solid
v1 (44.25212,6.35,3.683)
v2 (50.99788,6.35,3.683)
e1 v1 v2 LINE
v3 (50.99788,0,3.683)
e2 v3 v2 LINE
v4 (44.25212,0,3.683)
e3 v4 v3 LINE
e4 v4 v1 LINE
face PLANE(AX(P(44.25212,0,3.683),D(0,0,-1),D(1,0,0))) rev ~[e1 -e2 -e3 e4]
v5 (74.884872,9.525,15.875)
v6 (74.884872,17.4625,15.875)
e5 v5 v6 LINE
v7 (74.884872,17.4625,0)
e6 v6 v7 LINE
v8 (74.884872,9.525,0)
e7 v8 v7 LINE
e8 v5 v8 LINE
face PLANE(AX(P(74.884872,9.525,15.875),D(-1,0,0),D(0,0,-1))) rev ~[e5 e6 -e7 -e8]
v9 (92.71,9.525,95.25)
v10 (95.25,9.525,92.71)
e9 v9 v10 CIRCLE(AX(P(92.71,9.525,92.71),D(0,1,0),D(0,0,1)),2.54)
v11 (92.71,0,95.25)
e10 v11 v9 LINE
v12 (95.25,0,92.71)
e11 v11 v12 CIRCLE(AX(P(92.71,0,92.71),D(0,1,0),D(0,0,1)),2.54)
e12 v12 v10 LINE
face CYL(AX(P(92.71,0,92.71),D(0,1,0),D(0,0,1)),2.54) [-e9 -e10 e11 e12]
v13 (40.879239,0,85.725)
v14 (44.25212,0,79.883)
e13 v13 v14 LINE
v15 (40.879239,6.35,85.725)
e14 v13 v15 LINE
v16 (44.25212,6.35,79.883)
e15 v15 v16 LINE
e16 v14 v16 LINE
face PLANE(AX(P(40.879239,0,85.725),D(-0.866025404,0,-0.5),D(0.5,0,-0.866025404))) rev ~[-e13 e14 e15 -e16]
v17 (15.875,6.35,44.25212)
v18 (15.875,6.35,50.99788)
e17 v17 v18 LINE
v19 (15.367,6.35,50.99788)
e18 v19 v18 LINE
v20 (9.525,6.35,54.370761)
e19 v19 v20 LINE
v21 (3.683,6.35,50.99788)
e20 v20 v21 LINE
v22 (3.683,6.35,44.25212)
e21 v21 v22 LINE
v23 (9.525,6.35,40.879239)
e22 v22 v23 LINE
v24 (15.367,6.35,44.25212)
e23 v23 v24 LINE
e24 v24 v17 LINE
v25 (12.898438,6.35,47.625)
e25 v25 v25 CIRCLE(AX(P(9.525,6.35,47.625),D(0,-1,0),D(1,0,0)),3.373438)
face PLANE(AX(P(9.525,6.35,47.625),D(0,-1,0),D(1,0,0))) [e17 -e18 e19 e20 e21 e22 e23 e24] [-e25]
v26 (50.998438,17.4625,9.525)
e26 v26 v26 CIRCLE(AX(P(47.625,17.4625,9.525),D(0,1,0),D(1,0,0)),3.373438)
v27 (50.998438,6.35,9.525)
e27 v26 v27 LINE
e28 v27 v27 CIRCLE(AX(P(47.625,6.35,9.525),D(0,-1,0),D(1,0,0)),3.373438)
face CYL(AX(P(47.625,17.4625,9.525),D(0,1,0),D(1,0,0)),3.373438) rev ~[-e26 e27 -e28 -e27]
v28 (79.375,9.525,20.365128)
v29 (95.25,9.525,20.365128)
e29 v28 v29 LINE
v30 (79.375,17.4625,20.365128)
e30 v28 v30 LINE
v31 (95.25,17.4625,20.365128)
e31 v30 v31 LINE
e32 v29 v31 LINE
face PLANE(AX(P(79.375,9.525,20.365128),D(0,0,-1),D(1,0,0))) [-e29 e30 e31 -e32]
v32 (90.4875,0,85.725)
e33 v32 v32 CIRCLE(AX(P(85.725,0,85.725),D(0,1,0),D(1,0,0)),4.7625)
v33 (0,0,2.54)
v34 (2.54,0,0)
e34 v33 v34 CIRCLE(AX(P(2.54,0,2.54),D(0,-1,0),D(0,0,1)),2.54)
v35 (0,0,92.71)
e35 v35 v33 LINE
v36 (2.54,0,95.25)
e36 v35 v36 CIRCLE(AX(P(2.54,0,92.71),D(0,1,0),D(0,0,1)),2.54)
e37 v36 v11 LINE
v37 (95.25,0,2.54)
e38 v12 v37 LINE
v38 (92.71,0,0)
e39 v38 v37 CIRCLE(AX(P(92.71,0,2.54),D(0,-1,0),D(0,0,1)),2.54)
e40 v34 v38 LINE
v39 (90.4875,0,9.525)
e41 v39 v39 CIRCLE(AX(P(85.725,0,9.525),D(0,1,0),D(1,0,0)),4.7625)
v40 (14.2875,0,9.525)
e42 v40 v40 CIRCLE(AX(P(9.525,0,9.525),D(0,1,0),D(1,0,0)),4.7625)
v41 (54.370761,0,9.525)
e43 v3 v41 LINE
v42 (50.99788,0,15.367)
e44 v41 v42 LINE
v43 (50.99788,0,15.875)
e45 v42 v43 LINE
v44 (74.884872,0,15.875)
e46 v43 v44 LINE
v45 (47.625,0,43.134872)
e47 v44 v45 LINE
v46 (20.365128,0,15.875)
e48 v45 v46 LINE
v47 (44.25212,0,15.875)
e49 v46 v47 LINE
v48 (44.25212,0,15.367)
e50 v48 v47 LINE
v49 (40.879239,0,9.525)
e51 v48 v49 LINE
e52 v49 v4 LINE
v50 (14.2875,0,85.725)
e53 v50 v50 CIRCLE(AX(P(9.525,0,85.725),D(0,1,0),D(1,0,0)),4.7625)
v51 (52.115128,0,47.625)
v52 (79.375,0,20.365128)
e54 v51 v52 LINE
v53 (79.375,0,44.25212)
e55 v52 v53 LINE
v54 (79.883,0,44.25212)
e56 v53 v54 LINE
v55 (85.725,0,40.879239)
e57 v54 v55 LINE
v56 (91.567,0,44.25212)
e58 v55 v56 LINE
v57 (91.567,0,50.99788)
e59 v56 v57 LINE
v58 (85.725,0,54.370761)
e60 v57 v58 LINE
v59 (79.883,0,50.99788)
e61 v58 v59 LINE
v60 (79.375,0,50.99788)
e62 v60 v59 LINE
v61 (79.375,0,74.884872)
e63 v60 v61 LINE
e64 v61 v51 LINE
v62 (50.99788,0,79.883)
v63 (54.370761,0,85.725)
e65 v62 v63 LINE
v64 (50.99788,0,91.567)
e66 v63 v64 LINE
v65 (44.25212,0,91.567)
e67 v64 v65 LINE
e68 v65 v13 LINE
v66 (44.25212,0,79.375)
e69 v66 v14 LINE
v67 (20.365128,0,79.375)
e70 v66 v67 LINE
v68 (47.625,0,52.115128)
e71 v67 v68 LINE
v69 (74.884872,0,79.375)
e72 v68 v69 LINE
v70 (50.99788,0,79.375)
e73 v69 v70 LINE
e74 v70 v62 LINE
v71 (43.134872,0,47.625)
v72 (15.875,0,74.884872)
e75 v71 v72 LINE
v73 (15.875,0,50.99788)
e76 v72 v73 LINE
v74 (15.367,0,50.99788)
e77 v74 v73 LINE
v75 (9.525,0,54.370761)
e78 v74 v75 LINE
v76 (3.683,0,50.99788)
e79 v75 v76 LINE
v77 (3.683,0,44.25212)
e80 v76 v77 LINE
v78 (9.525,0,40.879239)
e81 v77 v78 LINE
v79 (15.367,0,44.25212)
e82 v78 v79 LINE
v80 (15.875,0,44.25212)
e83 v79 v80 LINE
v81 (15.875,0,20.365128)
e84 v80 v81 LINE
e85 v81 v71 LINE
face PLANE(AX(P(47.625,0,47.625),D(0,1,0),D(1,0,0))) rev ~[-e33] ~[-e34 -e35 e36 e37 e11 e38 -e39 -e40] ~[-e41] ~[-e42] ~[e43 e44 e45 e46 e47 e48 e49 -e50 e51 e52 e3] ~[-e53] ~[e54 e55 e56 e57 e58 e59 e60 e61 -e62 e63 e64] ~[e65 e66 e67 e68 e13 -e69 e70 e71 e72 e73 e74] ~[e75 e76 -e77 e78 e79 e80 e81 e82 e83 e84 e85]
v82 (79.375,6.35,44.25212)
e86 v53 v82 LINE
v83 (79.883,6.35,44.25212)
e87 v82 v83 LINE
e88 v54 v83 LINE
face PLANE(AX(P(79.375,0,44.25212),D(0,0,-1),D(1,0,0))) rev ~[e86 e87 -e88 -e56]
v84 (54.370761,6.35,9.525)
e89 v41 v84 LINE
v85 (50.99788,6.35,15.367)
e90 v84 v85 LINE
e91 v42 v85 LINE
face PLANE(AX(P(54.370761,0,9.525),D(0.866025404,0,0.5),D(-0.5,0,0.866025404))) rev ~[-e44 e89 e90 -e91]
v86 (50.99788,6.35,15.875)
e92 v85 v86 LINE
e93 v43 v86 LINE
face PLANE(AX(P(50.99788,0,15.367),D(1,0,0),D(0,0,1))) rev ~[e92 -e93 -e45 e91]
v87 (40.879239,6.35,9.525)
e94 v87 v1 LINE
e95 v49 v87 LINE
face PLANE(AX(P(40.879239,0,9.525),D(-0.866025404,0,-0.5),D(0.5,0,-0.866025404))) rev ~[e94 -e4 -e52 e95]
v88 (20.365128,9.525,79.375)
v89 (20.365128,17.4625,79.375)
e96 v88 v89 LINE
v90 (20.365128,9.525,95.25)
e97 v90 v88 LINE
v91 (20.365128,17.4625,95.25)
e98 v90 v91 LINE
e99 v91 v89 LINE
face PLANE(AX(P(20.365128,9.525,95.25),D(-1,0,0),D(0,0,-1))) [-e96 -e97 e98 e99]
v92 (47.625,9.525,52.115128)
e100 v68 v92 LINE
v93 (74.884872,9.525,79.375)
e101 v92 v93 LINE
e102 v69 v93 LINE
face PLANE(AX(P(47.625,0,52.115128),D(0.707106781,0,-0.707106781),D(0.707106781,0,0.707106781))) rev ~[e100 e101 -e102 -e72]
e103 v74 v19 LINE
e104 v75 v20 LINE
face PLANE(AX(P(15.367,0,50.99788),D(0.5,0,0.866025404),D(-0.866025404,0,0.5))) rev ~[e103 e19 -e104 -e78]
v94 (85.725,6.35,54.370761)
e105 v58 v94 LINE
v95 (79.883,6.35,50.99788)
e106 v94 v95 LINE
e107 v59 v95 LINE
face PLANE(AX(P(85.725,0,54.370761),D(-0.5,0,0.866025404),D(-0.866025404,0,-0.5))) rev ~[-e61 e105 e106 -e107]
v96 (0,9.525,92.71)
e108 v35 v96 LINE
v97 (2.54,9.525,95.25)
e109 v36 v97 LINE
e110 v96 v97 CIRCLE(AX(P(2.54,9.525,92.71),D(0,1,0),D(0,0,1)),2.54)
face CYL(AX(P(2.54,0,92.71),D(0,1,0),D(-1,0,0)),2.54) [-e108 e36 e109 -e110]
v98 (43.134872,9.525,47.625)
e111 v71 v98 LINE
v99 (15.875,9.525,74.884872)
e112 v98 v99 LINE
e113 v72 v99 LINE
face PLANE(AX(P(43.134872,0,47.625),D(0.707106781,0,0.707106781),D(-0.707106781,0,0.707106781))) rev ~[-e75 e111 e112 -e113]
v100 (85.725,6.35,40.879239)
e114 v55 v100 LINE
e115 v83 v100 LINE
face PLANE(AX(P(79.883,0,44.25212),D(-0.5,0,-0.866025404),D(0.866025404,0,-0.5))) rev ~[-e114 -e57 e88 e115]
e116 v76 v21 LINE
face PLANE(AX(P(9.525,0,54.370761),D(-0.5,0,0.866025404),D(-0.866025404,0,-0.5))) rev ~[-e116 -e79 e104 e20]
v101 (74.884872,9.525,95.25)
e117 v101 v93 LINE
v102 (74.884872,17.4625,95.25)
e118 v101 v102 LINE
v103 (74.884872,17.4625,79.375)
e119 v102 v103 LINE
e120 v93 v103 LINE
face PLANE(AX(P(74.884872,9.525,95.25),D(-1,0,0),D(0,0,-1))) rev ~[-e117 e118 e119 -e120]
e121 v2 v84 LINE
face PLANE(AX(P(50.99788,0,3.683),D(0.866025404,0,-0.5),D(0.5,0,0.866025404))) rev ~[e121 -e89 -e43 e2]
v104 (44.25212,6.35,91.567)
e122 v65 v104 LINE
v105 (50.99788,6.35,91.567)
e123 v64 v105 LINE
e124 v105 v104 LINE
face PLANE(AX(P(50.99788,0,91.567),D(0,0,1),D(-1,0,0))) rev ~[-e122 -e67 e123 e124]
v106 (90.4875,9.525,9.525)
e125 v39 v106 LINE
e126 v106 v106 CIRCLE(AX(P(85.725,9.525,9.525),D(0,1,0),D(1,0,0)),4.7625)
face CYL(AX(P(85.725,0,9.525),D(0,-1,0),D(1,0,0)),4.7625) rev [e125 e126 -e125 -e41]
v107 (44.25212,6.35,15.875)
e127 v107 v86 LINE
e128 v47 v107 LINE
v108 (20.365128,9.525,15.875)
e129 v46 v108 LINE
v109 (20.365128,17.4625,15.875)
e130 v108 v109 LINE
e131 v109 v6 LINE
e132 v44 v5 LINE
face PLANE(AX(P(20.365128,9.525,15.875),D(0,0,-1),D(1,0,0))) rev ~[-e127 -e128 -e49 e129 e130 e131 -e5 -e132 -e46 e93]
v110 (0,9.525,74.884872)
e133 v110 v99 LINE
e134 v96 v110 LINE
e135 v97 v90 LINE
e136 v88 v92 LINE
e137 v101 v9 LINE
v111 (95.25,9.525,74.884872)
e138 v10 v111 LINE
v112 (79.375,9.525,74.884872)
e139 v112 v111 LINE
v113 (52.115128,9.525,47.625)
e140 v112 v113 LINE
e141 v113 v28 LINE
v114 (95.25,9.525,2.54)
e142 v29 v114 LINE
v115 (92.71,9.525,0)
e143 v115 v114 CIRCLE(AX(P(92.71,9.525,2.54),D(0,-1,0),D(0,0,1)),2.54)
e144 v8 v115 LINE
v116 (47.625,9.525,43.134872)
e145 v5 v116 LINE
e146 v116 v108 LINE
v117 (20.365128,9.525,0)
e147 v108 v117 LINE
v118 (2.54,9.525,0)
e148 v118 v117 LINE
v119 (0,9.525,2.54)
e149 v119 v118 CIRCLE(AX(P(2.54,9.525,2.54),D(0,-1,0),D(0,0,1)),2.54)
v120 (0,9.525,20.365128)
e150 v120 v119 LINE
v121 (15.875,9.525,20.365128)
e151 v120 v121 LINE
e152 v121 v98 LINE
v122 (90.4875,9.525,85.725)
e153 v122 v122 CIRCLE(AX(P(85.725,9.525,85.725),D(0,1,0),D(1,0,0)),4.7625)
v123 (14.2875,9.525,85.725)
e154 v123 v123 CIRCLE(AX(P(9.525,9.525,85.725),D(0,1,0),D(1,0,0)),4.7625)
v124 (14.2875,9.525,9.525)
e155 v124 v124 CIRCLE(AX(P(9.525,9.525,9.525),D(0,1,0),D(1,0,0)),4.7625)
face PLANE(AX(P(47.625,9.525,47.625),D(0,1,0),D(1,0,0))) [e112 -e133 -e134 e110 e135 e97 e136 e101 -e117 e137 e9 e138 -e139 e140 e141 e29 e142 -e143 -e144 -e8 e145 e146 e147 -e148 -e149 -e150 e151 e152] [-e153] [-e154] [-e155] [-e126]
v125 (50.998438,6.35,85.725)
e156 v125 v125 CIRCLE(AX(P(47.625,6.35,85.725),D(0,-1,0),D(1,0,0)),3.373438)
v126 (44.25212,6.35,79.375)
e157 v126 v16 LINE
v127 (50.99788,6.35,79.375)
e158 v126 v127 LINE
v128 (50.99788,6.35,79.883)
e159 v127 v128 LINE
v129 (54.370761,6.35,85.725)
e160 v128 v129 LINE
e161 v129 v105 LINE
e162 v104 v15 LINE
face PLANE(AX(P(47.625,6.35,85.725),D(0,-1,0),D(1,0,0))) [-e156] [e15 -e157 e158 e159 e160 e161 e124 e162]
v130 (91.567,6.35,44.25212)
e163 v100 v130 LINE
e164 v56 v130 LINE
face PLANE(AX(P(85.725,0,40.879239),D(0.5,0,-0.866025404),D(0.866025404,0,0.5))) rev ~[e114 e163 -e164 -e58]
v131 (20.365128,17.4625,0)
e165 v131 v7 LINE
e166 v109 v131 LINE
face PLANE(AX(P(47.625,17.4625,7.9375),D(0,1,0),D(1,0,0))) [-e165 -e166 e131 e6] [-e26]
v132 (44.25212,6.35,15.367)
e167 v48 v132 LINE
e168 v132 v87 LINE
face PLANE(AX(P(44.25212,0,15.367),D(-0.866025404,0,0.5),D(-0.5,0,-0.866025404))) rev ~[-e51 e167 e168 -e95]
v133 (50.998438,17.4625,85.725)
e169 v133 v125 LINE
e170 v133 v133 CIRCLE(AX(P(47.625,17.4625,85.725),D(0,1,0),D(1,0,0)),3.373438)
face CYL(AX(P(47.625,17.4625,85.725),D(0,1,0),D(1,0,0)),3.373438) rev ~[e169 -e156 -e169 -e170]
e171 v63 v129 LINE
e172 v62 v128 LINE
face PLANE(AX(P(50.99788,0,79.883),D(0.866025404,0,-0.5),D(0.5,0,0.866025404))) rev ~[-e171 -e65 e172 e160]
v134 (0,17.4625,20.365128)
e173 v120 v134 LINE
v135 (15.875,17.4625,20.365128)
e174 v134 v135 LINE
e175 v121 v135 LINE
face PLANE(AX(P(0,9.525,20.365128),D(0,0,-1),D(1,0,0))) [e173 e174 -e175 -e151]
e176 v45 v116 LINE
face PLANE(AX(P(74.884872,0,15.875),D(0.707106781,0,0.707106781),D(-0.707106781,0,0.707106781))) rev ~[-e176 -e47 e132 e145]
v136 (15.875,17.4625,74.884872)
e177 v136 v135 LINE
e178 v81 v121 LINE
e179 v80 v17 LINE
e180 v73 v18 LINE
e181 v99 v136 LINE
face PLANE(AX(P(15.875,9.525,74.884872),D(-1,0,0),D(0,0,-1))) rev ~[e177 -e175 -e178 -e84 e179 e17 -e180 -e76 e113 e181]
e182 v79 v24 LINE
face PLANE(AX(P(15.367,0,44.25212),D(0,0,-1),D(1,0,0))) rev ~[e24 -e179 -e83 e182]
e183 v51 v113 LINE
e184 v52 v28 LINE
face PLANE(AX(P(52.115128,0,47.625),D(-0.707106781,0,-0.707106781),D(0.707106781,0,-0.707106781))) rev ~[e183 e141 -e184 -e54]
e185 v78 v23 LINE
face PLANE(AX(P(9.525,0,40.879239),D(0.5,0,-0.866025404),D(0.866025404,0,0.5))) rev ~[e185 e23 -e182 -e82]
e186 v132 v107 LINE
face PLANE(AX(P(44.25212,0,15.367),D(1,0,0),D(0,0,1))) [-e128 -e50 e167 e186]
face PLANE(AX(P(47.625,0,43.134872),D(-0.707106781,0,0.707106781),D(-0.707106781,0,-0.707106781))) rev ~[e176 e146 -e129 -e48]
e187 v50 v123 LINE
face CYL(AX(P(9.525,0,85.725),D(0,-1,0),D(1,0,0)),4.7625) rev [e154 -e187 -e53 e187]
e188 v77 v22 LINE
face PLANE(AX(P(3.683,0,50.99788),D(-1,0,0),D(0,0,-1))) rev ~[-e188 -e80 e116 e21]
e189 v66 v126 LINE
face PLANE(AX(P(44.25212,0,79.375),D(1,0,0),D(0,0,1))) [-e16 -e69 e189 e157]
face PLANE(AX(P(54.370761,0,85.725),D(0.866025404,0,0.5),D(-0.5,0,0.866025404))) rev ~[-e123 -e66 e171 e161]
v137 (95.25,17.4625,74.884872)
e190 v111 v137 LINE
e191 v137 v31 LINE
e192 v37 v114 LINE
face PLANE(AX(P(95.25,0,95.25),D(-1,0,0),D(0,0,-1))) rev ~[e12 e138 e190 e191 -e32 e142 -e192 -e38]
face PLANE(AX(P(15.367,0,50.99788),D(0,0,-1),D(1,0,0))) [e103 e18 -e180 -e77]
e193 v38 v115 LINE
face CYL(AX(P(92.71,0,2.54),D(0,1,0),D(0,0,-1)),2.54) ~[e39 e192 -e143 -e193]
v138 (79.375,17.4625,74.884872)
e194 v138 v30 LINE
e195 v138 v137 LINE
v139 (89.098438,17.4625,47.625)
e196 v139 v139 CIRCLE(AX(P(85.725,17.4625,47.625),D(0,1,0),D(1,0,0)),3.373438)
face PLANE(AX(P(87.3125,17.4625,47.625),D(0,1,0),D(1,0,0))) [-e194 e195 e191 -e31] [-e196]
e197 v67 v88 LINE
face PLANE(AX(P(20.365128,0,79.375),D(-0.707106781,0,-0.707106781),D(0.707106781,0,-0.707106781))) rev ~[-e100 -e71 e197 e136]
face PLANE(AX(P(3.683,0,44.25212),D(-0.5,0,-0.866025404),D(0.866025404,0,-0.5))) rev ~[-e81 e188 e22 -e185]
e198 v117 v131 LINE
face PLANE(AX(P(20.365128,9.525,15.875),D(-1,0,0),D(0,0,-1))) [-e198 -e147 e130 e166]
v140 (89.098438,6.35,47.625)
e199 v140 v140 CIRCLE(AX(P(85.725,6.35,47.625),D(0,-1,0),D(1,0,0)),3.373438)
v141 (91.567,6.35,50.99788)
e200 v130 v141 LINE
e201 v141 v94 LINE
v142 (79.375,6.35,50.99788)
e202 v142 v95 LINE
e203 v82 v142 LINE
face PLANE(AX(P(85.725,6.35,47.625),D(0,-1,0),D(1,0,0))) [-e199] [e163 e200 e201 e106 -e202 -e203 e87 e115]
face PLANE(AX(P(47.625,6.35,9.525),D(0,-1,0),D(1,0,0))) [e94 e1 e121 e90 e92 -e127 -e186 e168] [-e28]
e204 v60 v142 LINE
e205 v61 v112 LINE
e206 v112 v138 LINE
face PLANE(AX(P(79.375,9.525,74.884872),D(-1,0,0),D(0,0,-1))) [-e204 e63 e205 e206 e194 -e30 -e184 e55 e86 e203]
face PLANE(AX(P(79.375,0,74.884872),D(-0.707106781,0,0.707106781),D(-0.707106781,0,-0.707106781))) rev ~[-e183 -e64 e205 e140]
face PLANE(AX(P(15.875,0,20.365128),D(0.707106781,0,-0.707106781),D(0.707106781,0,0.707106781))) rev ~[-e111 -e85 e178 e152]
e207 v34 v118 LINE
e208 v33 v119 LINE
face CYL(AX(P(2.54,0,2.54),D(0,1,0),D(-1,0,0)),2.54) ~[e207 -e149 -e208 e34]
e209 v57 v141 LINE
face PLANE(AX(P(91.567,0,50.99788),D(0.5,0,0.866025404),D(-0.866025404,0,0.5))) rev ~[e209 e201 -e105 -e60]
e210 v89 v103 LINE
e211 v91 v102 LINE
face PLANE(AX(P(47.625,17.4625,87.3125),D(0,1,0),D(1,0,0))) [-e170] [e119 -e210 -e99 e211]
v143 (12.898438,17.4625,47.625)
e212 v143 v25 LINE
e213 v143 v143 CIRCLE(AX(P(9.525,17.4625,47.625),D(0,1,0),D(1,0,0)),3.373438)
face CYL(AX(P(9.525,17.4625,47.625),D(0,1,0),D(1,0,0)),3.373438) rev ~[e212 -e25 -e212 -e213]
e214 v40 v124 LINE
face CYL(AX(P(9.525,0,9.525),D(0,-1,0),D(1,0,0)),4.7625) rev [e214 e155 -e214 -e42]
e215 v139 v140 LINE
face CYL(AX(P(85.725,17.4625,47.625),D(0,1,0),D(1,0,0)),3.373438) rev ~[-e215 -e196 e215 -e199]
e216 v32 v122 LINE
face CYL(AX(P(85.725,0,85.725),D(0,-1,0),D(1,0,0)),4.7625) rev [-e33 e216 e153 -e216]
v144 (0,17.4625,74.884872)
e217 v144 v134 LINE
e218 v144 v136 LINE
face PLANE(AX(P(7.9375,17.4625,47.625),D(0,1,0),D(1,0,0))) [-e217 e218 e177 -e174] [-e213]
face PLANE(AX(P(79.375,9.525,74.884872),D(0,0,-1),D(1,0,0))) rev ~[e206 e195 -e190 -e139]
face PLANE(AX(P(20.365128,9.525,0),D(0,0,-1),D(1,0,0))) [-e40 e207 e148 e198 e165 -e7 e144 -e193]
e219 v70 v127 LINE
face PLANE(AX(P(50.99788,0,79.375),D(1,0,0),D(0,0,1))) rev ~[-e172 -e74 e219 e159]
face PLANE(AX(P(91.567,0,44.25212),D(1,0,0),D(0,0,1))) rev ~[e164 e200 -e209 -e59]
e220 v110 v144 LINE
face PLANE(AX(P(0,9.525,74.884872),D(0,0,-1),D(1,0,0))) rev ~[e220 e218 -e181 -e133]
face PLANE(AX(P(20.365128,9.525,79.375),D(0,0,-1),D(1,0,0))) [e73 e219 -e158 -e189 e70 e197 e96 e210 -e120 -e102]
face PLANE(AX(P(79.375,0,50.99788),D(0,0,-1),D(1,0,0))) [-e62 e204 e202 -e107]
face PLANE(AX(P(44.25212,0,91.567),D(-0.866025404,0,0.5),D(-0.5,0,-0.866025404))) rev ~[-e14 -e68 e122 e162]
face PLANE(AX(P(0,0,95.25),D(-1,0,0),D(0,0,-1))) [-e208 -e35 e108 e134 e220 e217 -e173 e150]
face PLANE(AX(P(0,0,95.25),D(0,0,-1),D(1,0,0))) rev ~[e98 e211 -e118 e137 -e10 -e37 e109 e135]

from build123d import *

# Parameters (mm, degrees)
SKETCH1_W           = 95.25
SKETCH1_H           = 95.25
SKETCH1_R           = 4.7625
BOSS_EXTRUDE1_DEPTH = 9.525
FILLET1_R           = 2.54
SKETCH3_W           = 54.519743878
SKETCH3_H           = 15.875
SKETCH3_W_2         = 15.875
SKETCH3_H_2         = 54.519743878
BOSS_EXTRUDE3_DEPTH = 7.9375
SKETCH4_R           = 3.3734375
CUT_EXTRUDE1_DEPTH  = 18.4625
SKETCH5_R           = 3.3734375
SKETCH5_W           = 0.508
SKETCH5_H           = 6.745760546
SKETCH5_W_2         = 6.745760546
SKETCH5_H_2         = 0.508
CUT_EXTRUDE2_DEPTH  = 6.35


with BuildPart() as part:
    # Sketch1 → Boss-Extrude1 (new body)
    with BuildSketch(Plane(origin=(0, 0, 0), x_dir=(1, 0, 0), z_dir=(0, 1, 0))):
        with Locations((47.625, -47.625)):
            Rectangle(SKETCH1_W, SKETCH1_H)
        with Locations((9.525, -85.725)):
            Circle(SKETCH1_R, mode=Mode.SUBTRACT)
        Polygon((15.875, -74.884871939), (15.875, -20.365128061), (43.134871939, -47.625), align=None, mode=Mode.SUBTRACT)
        with Locations((85.725, -85.725)):
            Circle(SKETCH1_R, mode=Mode.SUBTRACT)
        Polygon((74.884871939, -79.375), (20.365128061, -79.375), (47.625, -52.115128061), align=None, mode=Mode.SUBTRACT)
        with Locations((9.525, -9.525)):
            Circle(SKETCH1_R, mode=Mode.SUBTRACT)
        Polygon((52.115128061, -47.625), (79.375, -20.365128061), (79.375, -74.884871939), align=None, mode=Mode.SUBTRACT)
        Polygon((47.625, -43.134871939), (20.365128061, -15.875), (74.884871939, -15.875), align=None, mode=Mode.SUBTRACT)
        with Locations((85.725, -9.525)):
            Circle(SKETCH1_R, mode=Mode.SUBTRACT)
    extrude(amount=BOSS_EXTRUDE1_DEPTH)

    # Fillet1
    fillet1_edges = [part.edges().sort_by_distance(p)[0] for p in [
        (95.25, 4.7625, 95.25),
        (0, 4.7625, 95.25),
        (0, 4.7625, 0),
        (95.25, 4.7625, 0),
    ]]
    fillet(fillet1_edges, radius=FILLET1_R)

    # Sketch3 → Boss-Extrude3 (add)
    with BuildSketch(Plane(origin=(0, 9.525, 0), x_dir=(1, 0, 0), z_dir=(0, 1, 0))):
        with Locations((47.625, -7.9375)):
            Rectangle(SKETCH3_W, SKETCH3_H)
        with Locations((87.3125, -47.625)):
            Rectangle(SKETCH3_W_2, SKETCH3_H_2)
        with Locations((47.625, -87.3125)):
            Rectangle(SKETCH3_W, SKETCH3_H)
        with Locations((7.9375, -47.625)):
            Rectangle(SKETCH3_W_2, SKETCH3_H_2)
    extrude(amount=BOSS_EXTRUDE3_DEPTH)

    # Sketch4 → Cut-Extrude1 (cut, through all)
    with BuildSketch(Plane(origin=(0, 17.4625, 0), x_dir=(1, 0, 0), z_dir=(0, 1, 0))):
        with Locations((85.725, -47.625)):
            Circle(SKETCH4_R)
        with Locations((47.625, -85.725)):
            Circle(SKETCH4_R)
        with Locations((9.525, -47.625)):
            Circle(SKETCH4_R)
        with Locations((47.625, -9.525)):
            Circle(SKETCH4_R)
    extrude(amount=-CUT_EXTRUDE1_DEPTH, mode=Mode.SUBTRACT)

    # Sketch5 → Cut-Extrude2 (cut)
    with BuildSketch(Plane.XZ):
        Polygon((85.725, 54.370760545), (79.883, 50.997880273), (79.883, 44.252119727), (85.725, 40.879239455), (91.567, 44.252119727), (91.567, 50.997880273), align=None)
        with Locations((85.725, 47.625)):
            Circle(SKETCH5_R, mode=Mode.SUBTRACT)
        with Locations((79.629, 47.625)):
            Rectangle(SKETCH5_W, SKETCH5_H)
        Polygon((50.997880273, 91.567), (44.252119727, 91.567), (40.879239455, 85.725), (44.252119727, 79.883), (50.997880273, 79.883), (54.370760545, 85.725), align=None)
        with Locations((47.625, 85.725)):
            Circle(SKETCH5_R, mode=Mode.SUBTRACT)
        with Locations((47.625, 79.629)):
            Rectangle(SKETCH5_W_2, SKETCH5_H_2)
        Polygon((15.367, 44.252119727), (15.367, 50.997880273), (9.525, 54.370760545), (3.683, 50.997880273), (3.683, 44.252119727), (9.525, 40.879239455), align=None)
        with Locations((9.525, 47.625)):
            Circle(SKETCH5_R, mode=Mode.SUBTRACT)
        with Locations((15.621, 47.625)):
            Rectangle(SKETCH5_W, SKETCH5_H)
        Polygon((50.997880273, 15.367), (44.252119727, 15.367), (40.879239455, 9.525), (44.252119727, 3.683), (50.997880273, 3.683), (54.370760545, 9.525), align=None)
        with Locations((47.625, 9.525)):
            Circle(SKETCH5_R, mode=Mode.SUBTRACT)
        with Locations((47.625, 15.621)):
            Rectangle(SKETCH5_W_2, SKETCH5_H_2)
    extrude(amount=-CUT_EXTRUDE2_DEPTH, mode=Mode.SUBTRACT)


solid = part.part
